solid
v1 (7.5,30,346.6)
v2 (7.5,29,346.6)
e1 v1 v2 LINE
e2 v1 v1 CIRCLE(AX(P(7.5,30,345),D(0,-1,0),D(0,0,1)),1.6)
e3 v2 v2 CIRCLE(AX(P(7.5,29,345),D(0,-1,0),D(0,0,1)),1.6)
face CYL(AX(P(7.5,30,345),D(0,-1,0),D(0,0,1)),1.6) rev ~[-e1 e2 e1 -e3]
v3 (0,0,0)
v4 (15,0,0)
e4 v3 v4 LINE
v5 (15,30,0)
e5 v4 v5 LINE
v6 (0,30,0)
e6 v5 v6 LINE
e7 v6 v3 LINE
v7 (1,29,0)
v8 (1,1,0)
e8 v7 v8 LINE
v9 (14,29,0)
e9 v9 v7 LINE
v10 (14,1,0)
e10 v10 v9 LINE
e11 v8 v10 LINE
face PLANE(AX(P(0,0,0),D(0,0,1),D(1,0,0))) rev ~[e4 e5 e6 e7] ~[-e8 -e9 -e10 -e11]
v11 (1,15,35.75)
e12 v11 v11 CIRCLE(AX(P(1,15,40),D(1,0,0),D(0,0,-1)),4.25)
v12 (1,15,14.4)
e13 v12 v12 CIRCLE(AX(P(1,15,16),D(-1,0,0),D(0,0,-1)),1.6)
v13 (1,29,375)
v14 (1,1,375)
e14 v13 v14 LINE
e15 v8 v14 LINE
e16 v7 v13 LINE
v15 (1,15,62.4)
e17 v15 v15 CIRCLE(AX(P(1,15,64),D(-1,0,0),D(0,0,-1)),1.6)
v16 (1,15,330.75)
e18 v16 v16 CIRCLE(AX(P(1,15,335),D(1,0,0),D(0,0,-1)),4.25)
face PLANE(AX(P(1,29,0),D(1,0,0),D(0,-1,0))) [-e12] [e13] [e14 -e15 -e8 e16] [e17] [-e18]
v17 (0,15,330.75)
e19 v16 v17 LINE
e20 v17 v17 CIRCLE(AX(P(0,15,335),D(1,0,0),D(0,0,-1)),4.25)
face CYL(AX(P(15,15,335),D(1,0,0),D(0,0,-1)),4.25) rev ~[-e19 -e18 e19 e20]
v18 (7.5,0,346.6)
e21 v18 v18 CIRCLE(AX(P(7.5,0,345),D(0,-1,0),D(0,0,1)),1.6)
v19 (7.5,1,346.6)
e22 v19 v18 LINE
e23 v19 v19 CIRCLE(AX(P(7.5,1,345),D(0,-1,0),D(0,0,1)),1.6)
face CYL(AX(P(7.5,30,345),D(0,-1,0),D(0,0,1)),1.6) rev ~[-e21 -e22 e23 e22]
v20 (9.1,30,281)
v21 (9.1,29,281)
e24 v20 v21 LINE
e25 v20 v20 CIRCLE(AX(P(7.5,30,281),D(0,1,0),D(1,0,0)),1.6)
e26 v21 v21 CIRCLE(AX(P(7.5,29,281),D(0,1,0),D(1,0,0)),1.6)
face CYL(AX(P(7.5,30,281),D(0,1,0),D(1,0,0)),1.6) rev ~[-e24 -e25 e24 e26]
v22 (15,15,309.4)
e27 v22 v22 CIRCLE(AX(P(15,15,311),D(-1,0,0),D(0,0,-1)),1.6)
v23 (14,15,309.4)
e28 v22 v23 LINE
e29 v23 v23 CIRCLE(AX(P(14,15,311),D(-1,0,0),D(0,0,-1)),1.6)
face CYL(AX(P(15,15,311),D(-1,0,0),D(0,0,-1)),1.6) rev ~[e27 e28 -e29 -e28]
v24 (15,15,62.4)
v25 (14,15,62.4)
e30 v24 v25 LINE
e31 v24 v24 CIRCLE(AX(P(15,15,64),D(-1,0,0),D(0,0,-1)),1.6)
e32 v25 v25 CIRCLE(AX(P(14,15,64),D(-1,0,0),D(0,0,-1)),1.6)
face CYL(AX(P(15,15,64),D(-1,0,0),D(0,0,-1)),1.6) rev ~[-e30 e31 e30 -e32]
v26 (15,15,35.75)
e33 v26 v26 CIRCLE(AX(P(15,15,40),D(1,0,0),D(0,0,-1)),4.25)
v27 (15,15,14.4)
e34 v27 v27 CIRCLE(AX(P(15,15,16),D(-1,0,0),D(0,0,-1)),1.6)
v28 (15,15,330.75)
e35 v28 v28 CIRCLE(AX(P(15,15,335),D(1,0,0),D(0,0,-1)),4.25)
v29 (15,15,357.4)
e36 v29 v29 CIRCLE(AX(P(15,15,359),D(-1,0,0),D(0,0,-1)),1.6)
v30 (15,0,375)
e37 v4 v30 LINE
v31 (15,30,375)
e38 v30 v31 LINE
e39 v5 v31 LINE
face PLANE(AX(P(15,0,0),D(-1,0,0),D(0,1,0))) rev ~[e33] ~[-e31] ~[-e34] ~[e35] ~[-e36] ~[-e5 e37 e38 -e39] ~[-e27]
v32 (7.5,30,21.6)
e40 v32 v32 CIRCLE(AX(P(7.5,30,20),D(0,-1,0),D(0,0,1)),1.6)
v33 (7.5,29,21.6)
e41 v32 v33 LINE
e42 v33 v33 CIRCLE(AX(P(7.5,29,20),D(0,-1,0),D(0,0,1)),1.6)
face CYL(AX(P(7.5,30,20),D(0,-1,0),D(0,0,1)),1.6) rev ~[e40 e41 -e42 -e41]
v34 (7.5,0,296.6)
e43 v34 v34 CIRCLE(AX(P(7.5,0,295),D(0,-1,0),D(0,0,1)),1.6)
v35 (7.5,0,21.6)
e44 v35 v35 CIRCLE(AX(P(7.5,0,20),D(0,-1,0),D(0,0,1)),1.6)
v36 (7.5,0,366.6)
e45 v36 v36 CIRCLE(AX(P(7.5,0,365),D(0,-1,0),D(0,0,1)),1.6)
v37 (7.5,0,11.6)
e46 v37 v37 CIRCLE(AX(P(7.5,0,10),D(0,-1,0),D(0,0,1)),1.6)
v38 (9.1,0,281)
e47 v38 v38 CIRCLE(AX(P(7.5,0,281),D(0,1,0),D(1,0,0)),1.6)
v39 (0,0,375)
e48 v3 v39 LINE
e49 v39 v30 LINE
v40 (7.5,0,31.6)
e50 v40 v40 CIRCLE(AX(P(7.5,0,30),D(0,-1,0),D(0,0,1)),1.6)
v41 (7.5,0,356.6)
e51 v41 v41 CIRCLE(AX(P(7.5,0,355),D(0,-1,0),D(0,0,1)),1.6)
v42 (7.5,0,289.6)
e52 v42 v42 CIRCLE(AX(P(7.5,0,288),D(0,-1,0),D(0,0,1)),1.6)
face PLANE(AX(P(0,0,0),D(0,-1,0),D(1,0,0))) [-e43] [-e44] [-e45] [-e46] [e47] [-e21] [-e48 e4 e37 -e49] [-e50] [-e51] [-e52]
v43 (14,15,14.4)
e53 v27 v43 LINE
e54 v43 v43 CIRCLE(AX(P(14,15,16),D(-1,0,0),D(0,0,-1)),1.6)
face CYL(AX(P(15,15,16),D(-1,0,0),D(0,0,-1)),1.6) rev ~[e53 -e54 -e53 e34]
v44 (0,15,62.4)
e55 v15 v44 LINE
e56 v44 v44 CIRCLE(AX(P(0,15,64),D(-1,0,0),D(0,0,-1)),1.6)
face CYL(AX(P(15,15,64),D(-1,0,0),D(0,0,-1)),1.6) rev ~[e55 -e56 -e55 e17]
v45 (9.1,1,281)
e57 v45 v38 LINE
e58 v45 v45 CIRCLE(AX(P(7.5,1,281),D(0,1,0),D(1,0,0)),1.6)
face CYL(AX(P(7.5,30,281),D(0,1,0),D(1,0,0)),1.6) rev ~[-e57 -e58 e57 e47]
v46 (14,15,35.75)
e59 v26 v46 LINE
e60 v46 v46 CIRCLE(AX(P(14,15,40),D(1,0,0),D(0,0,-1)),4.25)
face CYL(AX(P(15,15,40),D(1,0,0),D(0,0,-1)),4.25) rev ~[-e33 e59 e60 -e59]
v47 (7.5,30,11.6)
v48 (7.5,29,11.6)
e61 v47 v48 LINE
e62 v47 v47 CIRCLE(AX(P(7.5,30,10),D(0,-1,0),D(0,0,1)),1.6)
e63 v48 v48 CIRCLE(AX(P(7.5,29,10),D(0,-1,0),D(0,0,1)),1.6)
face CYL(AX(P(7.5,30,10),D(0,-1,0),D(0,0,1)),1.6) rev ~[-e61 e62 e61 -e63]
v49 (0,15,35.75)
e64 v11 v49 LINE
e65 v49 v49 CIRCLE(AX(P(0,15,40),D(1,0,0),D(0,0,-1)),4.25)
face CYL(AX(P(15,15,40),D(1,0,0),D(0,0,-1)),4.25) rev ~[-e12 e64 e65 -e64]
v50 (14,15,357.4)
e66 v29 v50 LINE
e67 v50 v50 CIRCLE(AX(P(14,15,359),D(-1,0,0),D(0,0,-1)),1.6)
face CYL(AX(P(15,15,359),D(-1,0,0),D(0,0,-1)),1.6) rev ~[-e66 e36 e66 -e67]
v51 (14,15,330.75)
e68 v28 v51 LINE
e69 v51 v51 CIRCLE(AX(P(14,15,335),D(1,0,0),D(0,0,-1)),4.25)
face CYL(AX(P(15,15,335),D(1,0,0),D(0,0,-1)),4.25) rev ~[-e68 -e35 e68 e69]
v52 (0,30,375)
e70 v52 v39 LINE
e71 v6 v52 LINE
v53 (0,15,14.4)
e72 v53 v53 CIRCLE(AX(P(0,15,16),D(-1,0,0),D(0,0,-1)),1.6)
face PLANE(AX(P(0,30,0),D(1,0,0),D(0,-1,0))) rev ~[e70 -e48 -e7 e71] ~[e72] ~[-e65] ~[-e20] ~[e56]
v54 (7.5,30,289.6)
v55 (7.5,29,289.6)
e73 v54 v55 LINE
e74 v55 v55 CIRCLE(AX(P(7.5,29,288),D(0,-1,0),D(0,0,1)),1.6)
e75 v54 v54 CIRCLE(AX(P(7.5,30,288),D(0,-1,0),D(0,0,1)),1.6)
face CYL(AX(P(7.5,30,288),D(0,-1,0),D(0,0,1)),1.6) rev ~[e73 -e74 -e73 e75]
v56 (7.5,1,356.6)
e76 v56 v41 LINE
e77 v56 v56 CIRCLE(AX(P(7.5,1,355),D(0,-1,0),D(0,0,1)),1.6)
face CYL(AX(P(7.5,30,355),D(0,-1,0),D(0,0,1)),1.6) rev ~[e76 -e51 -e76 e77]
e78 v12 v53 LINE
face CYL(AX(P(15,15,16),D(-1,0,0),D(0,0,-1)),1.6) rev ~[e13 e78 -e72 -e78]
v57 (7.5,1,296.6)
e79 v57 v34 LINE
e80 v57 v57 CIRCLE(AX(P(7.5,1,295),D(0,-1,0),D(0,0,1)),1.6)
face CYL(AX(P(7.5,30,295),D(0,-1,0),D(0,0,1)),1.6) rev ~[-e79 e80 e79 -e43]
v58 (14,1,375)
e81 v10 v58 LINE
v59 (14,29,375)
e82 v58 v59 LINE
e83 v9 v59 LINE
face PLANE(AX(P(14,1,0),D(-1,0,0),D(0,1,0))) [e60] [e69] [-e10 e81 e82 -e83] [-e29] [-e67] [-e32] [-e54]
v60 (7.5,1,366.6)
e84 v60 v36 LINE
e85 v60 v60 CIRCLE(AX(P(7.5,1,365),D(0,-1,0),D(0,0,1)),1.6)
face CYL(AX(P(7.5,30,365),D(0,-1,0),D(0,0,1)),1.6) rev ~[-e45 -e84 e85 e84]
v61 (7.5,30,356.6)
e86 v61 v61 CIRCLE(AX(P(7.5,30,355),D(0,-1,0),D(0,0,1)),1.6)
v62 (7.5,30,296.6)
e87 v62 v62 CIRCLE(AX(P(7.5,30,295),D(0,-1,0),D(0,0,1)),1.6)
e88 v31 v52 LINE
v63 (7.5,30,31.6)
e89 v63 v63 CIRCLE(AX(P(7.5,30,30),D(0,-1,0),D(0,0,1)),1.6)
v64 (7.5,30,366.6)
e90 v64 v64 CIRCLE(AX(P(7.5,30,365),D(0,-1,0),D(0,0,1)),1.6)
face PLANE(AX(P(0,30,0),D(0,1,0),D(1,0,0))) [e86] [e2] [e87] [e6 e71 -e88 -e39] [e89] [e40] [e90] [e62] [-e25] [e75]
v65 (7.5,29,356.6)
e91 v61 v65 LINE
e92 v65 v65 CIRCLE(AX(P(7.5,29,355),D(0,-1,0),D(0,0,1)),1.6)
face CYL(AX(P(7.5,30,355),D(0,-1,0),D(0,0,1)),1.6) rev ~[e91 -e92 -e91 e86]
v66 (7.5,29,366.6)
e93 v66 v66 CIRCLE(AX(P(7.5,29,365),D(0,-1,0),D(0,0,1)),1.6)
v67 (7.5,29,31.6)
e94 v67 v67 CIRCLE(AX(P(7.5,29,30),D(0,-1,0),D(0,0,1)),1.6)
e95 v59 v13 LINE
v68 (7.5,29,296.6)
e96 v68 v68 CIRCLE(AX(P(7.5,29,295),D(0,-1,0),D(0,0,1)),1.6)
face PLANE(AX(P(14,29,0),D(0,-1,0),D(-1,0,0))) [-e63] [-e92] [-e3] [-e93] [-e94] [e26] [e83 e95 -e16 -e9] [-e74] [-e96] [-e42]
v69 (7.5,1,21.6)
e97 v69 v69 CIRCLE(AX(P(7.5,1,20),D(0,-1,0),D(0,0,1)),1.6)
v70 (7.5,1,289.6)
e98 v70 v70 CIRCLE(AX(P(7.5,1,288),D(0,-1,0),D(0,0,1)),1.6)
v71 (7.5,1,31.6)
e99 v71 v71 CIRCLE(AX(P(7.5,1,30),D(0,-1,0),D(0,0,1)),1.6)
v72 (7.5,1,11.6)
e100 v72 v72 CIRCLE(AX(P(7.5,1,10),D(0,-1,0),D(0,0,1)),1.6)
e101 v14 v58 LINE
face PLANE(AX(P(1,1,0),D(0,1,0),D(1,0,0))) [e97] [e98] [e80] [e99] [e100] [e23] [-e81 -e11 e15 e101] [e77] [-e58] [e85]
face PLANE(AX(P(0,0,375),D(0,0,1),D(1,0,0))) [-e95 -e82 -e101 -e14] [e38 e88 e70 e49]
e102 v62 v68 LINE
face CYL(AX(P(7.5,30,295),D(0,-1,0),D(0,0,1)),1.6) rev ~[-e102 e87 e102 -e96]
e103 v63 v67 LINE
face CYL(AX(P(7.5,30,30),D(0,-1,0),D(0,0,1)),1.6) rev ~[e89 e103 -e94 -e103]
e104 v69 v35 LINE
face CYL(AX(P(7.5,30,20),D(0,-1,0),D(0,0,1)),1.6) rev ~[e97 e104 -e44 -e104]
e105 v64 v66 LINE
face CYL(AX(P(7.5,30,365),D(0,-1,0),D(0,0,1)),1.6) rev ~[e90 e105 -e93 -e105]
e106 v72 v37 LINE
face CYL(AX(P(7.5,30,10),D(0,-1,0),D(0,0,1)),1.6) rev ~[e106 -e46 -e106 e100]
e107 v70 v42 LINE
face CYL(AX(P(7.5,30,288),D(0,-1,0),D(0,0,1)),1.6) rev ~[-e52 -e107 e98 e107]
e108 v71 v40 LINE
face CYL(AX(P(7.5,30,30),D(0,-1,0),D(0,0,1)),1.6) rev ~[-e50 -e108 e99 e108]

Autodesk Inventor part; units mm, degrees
ref_plane "YZ Plane" through (0, 0, 0) normal (1, 0, 0) x (0, 1, 0)
ref_plane "XZ Plane" through (0, 0, 0) normal (0, 1, 0) x (-1, 0, 0)
ref_plane "XY Plane" through (0, 0, 0) normal (0, 0, 1) x (1, 0, 0)
sketch "スケッチ1" plane through (0, 0, 0) normal (0, 0, 1) x (1, 0, 0)
  line L0 (0, 0) -> (15, 0)
  line L1 (15, 0) -> (15, 30)
  line L2 (15, 30) -> (0, 30)
  line L3 (0, 30) -> (0, 0)
  line L4 (1, 1) -> (14, 1)
  line L5 (14, 1) -> (14, 29)
  line L6 (14, 29) -> (1, 29)
  line L7 (1, 29) -> (1, 1)
  dimension "d0" = 15
  dimension "d1" = 30
  dimension "d2" = 13
  dimension "d3" = 28
  dimension "d4" = 1
  dimension "d5" = 1
extrude "押し出し1" add sketch "スケッチ1" along normal blind 375
sketch "スケッチ2" plane through (0, 30, 0) normal (0, 1, 0) x (1, 0, 0)
  circle A0 centre (7.5, -295) radius 1.6
  line L0 (0, 0) -> (0, -375) projected
  line L1 (15, -375) -> (0, -375) projected
  circle A1 centre (7.5, -302) radius 1.6
  circle A2 centre (7.5, -288) radius 1.6
  dimension "d8" = 3.2
  dimension "d9" = 7.5
  dimension "d10" = 80
  dimension "d11" = 3.2
  dimension "d12" = 3.2
  dimension "d13" = 7
  dimension "d14" = 7
hole "穴1" at (7.5, 30, 302) at (7.5, 30, 295) at (7.5, 30, 288) direction (0, -1, 0) diameter 3.2 depth 30
sketch "スケッチ3" plane through (0, 30, 0) normal (0, 1, 0) x (1, 0, 0)
  circle A0 centre (7.5, -10) radius 1.6
  line L0 (15, 0) -> (0, 0) projected
  line L1 (15, 0) -> (15, -375) projected
  circle A1 centre (7.5, -20) radius 1.6
  circle A2 centre (7.5, -30) radius 1.6
  line L2 (15, -187.5) -> (0, -187.5) construction
  line L3 (0, 0) -> (0, -375) projected
  line L4 (15, -375) -> (0, -375) projected
  circle A3 centre (7.5, -365) radius 1.6
  circle A4 centre (7.5, -355) radius 1.6
  circle A5 centre (7.5, -345) radius 1.6
  dimension "d22" = 3.2
  dimension "d23" = 10
  dimension "d24" = 7.5
  dimension "d25" = 3.2
  dimension "d26" = 3.2
  dimension "d27" = 10
  dimension "d28" = 7.5
  dimension "d29" = 10
  dimension "d30" = 7.5
  dimension "d31" = 187.5
hole "穴2" at (7.5, 30, 365) at (7.5, 30, 355) at (7.5, 30, 345) at (7.5, 30, 30) at (7.5, 30, 20) at (7.5, 30, 10) direction (0, -1, 0) diameter 3.2 depth 30
sketch "スケッチ4" plane through (0, 30, 0) normal (0, 1, 0) x (1, 0, 0)
  circle A0 centre (7.5, -302) radius 1.6
  line L0 (15, 0) -> (15, -375) projected
  line L1 (15, -375) -> (0, -375) projected
  line L2 (15, 0) -> (15, -375) projected
  line L3 (15, -187.5) -> (0, -187.5) construction
  line L4 (0, 0) -> (0, -375) projected
  dimension "d39" = 3.2
  dimension "d40" = 7.5
  dimension "d41" = 73
  dimension "d42" = 187.5
extrude "押し出し2" add sketch "スケッチ4" against normal blind 1
sketch "スケッチ5" plane through (0, 0, 0) normal (0, -1, 0) x (1, 0, 0)
  point P0 (0, 0)
sketch "スケッチ6" plane through (0, 0, 0) normal (0, -1, 0) x (1, 0, 0)
  circle A0 centre (7.5, 302) radius 1.6
  line L0 (15, 0) -> (15, 375) projected
  line L1 (0, 375) -> (15, 375) projected
  point P0 (0, 0)
  dimension "d45" = 3.2
  dimension "d46" = 7.5
  dimension "d47" = 73
extrude "押し出し3" add sketch "スケッチ6" against normal blind 1
sketch "スケッチ7" plane through (0, 30, 0) normal (0, 1, 0) x (1, 0, 0)
  circle A0 centre (7.5, -281) radius 1.6
  circle A1 centre (7.5, -288) radius 1.6 projected
  line L0 (0, 0) -> (0, -375) projected
  dimension "d50" = 3.2
  dimension "d51" = 7
  dimension "d52" = 7.5
extrude "押し出し4" cut sketch "スケッチ7" against normal blind 30 contours A0
sketch "スケッチ8" plane through (15, 0, 0) normal (1, 0, 0) x (0, 0, -1)
  circle A0 centre (-335, 15) radius 4.25
  line L0 (0, 30) -> (-375, 30) projected
  line L1 (-375, 0) -> (-375, 30) projected
  point P0 (0, 0)
  dimension "d55" = 8.5
  dimension "d56" = 15
  dimension "d57" = 40
extrude "押し出し5" cut sketch "スケッチ8" against normal blind 30
sketch "スケッチ9" plane through (15, 0, 0) normal (1, 0, 0) x (0, 0, -1)
  circle A0 centre (-359, 15) radius 1.6
  line L0 (0, 30) -> (-375, 30) projected
  line L1 (-375, 0) -> (-375, 30) projected
  line L2 (-335, 0) -> (-335, 30) construction
  circle A1 centre (-311, 15) radius 1.6
  point P0 (0, 0)
  dimension "d60" = 3.2
  dimension "d61" = 15
  dimension "d62" = 16
  dimension "d63" = 40
hole "穴3" at (15, 15, 359) at (15, 15, 311) direction (-1, 0, 0) diameter 3.2 depth 5
sketch "スケッチ10" plane through (15, 0, 0) normal (1, 0, 0) x (0, 0, -1)
  circle A0 centre (-40, 15) radius 4.25
  line L0 (0, 0) -> (0, 30) projected
  line L1 (0, 30) -> (-375, 30) projected
  dimension "d71" = 8.5
  dimension "d72" = 40
  dimension "d73" = 15
extrude "押し出し6" cut sketch "スケッチ10" against normal blind 30
sketch "スケッチ11" plane through (15, 0, 0) normal (1, 0, 0) x (0, 0, -1)
  circle A0 centre (-64, 15) radius 1.6
  line L0 (0, 0) -> (0, 30) projected
  line L1 (0, 30) -> (-375, 30) projected
  circle A1 centre (-16, 15) radius 1.6
  circle A2 centre (-40, 15) radius 4.25 projected
  line L2 (0, 0) -> (-375, 0) projected
  dimension "d76" = 3.2
  dimension "d77" = 64
  dimension "d78" = 15
  dimension "d79" = 3.2
  dimension "d80" = 24
  dimension "d81" = 15
hole "穴4" at (15, 15, 64) at (15, 15, 16) direction (-1, 0, 0) diameter 3.2 depth 15
equation "\"BendRadius\" = Thickness"
equation "\"BendReliefWidth\" = Thickness"
equation "\"BendReliefDepth\" = 0.5 * Thickness"
equation "\"CornerReliefSize\" = 4 * Thickness"
equation "\"MinimumRemnant\" = 2 * Thickness"
equation "\"TransitionRadius\" = BendRadius"
equation "\"JacobiRadiusSize\" = BendRadius"
equation "\"GapSize\" = Thickness"
equation "\"Thickness\" = 0.5"
properties part number "nhk43"
